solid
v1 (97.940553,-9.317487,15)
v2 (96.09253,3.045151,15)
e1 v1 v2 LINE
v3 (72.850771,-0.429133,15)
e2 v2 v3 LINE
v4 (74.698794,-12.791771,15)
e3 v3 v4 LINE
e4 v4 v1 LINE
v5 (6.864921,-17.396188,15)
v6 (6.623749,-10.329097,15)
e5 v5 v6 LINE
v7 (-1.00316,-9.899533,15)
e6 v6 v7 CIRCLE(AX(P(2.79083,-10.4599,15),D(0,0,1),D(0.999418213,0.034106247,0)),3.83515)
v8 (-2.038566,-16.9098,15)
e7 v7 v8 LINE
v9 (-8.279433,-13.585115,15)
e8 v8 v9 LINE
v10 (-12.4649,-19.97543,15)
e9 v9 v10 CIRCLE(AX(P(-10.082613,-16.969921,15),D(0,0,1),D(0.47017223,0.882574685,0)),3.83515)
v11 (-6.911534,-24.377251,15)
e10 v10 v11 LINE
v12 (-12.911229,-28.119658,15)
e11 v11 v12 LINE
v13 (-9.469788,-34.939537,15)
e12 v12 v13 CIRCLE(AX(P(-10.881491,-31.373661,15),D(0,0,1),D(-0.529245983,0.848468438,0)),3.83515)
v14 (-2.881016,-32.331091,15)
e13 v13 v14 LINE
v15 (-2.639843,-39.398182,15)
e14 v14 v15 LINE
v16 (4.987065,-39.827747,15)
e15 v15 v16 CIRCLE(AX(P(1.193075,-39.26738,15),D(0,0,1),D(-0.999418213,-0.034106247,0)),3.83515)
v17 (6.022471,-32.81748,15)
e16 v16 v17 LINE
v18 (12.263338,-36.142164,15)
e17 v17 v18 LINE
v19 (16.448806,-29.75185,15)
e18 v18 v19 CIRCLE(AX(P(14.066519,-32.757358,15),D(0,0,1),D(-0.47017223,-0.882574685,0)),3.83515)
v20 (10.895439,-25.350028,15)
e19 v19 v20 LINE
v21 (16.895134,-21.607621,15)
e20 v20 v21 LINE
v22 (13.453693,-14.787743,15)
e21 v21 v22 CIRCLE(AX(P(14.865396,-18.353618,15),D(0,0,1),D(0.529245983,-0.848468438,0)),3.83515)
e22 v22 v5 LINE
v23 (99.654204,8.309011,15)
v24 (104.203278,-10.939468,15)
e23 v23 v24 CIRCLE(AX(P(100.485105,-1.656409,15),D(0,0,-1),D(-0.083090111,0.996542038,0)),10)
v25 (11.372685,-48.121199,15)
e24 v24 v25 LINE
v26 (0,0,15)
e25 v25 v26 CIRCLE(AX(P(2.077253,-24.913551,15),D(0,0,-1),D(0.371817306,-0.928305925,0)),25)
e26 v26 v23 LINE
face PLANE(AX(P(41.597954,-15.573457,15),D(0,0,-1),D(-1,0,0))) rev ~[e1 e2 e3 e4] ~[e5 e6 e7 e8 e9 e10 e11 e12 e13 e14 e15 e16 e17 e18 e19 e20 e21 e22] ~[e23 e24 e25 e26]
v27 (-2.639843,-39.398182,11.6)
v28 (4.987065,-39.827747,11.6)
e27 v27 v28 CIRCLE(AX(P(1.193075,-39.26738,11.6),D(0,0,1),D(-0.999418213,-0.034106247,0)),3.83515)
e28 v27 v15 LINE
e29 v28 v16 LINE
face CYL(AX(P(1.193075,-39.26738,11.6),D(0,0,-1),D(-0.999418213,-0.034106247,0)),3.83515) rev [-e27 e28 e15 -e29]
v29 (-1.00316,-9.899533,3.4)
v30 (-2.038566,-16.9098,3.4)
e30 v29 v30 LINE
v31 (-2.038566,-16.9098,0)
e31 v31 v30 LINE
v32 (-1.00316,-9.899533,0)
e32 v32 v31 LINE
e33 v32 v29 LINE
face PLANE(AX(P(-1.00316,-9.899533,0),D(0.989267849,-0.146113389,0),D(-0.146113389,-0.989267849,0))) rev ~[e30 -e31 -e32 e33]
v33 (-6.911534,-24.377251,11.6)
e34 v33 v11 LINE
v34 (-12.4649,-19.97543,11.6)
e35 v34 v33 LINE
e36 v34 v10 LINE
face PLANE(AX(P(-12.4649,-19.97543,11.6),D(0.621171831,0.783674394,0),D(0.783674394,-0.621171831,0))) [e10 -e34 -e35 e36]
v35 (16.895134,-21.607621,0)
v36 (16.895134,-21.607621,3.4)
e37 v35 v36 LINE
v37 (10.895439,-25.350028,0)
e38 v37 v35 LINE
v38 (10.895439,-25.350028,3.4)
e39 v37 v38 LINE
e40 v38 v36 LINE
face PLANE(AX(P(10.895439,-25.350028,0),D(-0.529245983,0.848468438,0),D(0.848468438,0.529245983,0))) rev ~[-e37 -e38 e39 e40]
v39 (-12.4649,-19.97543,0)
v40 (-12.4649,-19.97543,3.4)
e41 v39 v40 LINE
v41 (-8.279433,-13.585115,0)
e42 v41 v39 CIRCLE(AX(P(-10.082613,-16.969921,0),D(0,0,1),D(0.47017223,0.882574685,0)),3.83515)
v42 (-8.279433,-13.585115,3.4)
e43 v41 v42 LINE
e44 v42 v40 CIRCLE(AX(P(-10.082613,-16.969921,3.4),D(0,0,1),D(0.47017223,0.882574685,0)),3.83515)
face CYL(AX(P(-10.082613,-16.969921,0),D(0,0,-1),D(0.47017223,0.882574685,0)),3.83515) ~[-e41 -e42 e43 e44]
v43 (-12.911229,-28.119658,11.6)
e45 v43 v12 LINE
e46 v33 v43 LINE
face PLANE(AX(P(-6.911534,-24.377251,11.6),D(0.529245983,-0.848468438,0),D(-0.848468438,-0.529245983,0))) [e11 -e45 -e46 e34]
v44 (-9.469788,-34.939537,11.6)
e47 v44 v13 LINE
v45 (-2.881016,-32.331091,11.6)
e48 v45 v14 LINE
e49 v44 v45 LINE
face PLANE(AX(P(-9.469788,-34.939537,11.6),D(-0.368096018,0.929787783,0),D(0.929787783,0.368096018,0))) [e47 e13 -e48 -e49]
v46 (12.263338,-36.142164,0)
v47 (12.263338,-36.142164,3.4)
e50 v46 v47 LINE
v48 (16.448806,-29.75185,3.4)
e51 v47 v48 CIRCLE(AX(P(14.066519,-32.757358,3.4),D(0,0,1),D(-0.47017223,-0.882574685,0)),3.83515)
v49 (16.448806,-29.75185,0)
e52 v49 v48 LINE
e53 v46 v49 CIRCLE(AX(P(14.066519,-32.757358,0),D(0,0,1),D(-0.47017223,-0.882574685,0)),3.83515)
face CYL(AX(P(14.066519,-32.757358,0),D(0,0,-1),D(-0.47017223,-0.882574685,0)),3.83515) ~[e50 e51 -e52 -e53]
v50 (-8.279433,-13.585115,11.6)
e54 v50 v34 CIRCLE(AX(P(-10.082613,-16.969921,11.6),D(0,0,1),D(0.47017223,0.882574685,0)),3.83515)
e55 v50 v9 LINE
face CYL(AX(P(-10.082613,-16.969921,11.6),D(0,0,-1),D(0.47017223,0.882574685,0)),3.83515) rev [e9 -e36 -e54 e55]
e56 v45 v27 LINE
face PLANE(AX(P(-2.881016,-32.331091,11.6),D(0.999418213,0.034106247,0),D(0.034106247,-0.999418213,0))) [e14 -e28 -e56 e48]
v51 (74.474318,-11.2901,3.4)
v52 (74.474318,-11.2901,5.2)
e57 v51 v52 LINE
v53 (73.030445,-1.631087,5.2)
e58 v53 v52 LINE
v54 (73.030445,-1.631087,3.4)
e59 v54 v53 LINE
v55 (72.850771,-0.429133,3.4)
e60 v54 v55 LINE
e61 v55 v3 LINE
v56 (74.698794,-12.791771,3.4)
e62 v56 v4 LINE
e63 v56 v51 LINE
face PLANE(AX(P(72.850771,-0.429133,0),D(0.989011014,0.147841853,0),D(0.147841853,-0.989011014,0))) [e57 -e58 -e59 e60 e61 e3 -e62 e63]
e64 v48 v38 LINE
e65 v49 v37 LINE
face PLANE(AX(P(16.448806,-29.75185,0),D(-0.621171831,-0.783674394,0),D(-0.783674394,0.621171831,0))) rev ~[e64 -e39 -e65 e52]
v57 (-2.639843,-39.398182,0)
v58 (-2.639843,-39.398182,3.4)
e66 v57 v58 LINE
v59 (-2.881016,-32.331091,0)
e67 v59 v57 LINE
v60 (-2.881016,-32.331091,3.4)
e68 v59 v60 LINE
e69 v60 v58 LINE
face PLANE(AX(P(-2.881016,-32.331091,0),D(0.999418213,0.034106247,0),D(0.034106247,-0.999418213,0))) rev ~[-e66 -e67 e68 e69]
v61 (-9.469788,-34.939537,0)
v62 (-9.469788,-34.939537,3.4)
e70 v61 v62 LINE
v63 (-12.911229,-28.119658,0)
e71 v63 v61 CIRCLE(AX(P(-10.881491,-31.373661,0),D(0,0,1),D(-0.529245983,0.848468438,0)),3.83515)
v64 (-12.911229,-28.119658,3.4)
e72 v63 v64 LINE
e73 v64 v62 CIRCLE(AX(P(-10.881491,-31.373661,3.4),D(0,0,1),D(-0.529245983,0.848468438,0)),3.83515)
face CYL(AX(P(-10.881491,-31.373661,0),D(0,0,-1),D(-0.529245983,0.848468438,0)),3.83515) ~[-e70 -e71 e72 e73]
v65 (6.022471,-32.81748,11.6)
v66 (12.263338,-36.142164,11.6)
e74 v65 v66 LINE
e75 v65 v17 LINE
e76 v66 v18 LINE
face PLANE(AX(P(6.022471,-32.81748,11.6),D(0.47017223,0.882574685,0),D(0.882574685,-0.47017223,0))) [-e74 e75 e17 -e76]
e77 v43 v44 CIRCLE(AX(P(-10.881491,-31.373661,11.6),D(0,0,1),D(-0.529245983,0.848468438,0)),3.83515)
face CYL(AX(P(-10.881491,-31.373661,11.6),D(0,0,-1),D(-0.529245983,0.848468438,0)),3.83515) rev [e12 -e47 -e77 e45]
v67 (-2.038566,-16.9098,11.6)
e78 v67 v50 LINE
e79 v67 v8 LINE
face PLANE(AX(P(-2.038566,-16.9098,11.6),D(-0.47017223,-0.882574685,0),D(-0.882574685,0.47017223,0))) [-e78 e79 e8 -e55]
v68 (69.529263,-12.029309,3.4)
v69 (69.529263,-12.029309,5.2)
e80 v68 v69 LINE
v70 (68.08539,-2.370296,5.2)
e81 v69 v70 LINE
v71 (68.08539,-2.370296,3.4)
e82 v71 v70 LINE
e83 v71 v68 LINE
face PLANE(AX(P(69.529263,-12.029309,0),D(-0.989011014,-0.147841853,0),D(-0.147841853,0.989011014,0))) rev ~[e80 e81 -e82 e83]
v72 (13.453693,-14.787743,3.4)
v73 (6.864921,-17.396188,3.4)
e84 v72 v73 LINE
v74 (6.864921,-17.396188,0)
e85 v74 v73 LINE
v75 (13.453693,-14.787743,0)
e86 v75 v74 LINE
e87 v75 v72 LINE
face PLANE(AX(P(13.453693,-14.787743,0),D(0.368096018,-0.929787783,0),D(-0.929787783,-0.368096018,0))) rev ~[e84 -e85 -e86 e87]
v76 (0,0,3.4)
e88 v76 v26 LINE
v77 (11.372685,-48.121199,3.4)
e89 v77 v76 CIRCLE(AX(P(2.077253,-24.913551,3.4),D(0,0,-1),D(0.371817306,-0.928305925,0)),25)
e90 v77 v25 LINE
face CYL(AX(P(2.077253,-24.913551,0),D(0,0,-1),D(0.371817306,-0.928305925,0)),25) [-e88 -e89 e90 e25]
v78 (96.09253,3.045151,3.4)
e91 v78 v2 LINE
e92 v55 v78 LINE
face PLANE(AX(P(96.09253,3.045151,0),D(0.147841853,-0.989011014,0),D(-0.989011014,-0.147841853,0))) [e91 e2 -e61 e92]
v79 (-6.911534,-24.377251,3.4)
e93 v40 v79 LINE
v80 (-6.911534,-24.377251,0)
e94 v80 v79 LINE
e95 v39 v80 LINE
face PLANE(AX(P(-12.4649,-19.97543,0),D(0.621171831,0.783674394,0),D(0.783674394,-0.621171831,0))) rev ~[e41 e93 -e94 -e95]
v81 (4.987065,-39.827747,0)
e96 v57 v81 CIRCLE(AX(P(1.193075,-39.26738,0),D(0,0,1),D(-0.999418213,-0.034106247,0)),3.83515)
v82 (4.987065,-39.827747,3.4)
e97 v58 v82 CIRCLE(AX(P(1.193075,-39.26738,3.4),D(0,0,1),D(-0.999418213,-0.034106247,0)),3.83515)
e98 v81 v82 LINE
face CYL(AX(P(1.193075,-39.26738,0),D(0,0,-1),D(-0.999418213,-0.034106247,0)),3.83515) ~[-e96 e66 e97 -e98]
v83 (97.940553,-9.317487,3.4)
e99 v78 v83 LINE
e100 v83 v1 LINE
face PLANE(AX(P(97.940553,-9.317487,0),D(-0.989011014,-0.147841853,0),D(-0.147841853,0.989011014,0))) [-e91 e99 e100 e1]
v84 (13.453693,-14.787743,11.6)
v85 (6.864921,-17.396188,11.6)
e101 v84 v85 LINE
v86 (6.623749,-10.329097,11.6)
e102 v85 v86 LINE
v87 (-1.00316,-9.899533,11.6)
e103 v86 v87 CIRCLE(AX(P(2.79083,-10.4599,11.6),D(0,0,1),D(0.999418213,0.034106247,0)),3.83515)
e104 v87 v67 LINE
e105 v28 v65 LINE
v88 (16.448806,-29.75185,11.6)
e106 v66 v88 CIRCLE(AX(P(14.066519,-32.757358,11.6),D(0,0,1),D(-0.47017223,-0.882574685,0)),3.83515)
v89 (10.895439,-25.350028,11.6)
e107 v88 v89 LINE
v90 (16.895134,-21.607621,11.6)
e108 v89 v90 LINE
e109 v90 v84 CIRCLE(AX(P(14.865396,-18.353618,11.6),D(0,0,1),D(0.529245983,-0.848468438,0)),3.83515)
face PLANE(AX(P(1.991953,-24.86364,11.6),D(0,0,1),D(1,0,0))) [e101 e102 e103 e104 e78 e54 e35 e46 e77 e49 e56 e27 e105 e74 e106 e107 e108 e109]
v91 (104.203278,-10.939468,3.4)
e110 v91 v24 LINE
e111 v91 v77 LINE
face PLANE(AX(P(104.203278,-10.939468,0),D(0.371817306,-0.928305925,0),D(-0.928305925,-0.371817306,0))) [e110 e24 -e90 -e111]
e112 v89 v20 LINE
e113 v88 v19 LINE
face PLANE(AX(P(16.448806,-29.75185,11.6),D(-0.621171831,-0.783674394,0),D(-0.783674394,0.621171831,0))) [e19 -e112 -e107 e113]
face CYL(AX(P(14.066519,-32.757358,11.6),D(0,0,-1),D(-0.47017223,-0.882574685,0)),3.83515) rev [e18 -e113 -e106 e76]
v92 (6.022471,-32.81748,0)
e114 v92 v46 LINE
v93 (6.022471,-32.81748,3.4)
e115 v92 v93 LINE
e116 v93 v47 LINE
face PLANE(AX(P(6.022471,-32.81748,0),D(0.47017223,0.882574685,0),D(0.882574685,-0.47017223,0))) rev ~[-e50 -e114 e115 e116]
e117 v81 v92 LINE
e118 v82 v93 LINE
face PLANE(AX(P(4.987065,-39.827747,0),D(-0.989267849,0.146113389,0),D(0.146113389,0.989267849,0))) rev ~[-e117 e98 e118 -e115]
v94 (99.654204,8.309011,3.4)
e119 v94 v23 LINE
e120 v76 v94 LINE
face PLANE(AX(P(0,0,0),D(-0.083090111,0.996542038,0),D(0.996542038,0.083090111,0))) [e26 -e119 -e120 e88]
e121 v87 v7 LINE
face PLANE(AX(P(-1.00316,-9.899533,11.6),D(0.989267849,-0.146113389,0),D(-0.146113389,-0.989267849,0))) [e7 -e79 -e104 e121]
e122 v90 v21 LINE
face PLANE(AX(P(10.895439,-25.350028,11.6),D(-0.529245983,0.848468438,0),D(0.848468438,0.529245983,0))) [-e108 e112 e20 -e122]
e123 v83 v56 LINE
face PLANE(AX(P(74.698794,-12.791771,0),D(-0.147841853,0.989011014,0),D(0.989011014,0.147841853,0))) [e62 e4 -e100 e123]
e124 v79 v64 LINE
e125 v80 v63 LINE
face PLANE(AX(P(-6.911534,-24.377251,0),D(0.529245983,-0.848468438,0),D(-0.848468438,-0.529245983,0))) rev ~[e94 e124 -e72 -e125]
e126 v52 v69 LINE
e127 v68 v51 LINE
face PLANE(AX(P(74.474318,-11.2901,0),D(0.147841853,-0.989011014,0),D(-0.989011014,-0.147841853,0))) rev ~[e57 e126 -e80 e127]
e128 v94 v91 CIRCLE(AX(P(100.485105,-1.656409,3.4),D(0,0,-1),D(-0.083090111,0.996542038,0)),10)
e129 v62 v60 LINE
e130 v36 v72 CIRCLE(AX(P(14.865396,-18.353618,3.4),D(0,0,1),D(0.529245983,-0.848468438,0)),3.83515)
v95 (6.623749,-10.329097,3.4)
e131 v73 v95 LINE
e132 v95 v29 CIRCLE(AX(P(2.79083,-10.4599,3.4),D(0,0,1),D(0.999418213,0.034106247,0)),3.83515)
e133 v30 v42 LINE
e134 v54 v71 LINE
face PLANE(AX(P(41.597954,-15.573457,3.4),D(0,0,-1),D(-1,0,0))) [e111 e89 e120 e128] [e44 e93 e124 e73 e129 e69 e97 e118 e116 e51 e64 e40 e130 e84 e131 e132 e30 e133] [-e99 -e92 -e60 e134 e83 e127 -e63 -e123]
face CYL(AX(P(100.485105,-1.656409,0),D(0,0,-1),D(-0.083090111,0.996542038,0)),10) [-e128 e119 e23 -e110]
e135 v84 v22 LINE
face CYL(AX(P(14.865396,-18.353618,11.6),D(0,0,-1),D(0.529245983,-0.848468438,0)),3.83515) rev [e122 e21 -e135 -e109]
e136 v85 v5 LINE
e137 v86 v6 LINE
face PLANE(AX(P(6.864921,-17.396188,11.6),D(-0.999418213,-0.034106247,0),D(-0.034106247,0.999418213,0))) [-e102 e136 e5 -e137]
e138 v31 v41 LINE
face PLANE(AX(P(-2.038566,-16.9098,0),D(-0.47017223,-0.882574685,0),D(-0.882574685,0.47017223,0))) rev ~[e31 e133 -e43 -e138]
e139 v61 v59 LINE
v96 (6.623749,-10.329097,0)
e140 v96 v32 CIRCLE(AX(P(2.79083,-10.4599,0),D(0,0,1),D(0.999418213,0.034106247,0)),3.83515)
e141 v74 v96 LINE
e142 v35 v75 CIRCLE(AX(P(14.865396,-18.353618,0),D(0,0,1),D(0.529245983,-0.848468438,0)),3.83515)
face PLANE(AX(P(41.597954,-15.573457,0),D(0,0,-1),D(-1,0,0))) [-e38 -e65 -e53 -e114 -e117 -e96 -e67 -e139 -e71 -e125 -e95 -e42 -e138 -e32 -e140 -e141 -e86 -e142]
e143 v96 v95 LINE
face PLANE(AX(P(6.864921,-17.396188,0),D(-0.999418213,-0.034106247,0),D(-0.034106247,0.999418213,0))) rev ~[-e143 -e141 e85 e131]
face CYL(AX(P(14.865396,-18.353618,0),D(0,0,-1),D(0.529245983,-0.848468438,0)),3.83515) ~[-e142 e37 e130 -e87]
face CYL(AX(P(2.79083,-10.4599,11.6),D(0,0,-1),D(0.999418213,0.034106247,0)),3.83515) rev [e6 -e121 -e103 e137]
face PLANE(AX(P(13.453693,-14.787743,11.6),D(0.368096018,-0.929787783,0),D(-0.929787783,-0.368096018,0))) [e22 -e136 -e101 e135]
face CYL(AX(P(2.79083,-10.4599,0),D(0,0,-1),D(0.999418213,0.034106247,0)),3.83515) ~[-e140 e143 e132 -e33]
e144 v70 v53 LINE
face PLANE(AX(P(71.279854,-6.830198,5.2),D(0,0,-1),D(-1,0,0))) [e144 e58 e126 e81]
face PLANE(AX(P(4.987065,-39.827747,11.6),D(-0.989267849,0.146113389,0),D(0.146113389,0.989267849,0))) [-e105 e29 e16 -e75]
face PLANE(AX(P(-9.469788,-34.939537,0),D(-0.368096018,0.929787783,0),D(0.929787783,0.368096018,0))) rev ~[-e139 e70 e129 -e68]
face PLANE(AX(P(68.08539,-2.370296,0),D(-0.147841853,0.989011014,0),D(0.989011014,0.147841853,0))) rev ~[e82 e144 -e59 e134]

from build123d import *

# Parameters (mm, degrees)
EXTRUDE_5_DEPTH      = 15
CUT_EXTRUDE_8_DEPTH  = 5.2
CUT_EXTRUDE_9_DEPTH  = 15
CUT_EXTRUDE_10_DEPTH = 3.4
CUT_EXTRUDE_START    = -3.4
CUT_EXTRUDE_11_DEPTH = 3.4


with BuildPart() as part:
    # 草图1 → 凸台-拉伸5 (new body)
    with BuildSketch(Plane.XY):
        with BuildLine():
            Line((0, 0), (99.654203795, 8.309011134))
            ThreePointArc((99.654203795, 8.309011134), (110.217015146, 0.643574044), (104.203277967, -10.939468499))
            Line((104.203277967, -10.939468499), (11.372685429, -48.121199083))
            ThreePointArc((11.372685429, -48.121199083), (-22.25252281, -30.663509172), (0, 0))
        make_face()
    extrude(amount=EXTRUDE_5_DEPTH)

    # 草图9 → 切除-拉伸8 (cut)
    with BuildSketch(Plane(origin=(0, 0, 0), x_dir=(-1, 0, 0), z_dir=(0, 0, -1))):
        Polygon((-68.085389778, -2.37029612), (-73.03044485, -1.631086857), (-74.4743179, -11.290099671), (-69.529262828, -12.029308935), align=None)
    extrude(amount=-CUT_EXTRUDE_8_DEPTH, mode=Mode.SUBTRACT)

    # 草图9<5> → 切除-拉伸9 (cut)
    with BuildSketch(Plane(origin=(0, 0, 0), x_dir=(-1, 0, 0), z_dir=(0, 0, -1))):
        Polygon((-96.092530155, 3.045150664), (-72.850771317, -0.429132874), (-74.698794475, -12.791770554), (-97.940553313, -9.317487016), align=None)
    extrude(amount=-CUT_EXTRUDE_9_DEPTH, mode=Mode.SUBTRACT)

    # 草图1<11> → 切除-拉伸10 (cut)
    with BuildSketch(Plane.XY):
        with BuildLine():
            Line((0, 0), (99.654203795, 8.309011134))
            ThreePointArc((99.654203795, 8.309011134), (110.217015146, 0.643574044), (104.203277967, -10.939468499))
            Line((104.203277967, -10.939468499), (11.372685429, -48.121199083))
            ThreePointArc((11.372685429, -48.121199083), (-22.25252281, -30.663509172), (0, 0))
        make_face()
        with BuildLine():
            Line((6.86492087, -17.396188185), (6.623748603, -10.329097007))
            ThreePointArc((6.623748603, -10.329097007), (3.006492414, -6.630818399), (-1.003160039, -9.899532856))
            Line((-1.003160039, -9.899532856), (-2.038566002, -16.909799595))
            Line((-2.038566002, -16.909799595), (-8.279432627, -13.585115317))
            ThreePointArc((-8.279432627, -13.585115317), (-13.290863946, -14.868611764), (-12.464900415, -19.975429877))
            Line((-12.464900415, -19.975429877), (-6.911534313, -24.377251114))
            Line((-6.911534313, -24.377251114), (-12.91122867, -28.119658014))
            ThreePointArc((-12.91122867, -28.119658014), (-14.305403801, -33.101433069), (-9.469787817, -34.939536725))
            Line((-9.469787817, -34.939536725), (-2.881015752, -32.331091223))
            Line((-2.881015752, -32.331091223), (-2.639843484, -39.398182401))
            ThreePointArc((-2.639843484, -39.398182401), (0.977412704, -43.096461009), (4.987065158, -39.827746552))
            Line((4.987065158, -39.827746552), (6.022471121, -32.817479812))
            Line((6.022471121, -32.817479812), (12.263337746, -36.142164091))
            ThreePointArc((12.263337746, -36.142164091), (17.274769065, -34.858667644), (16.448805534, -29.751849531))
            Line((16.448805534, -29.751849531), (10.895439432, -25.350028294))
            Line((10.895439432, -25.350028294), (16.895133789, -21.607621394))
            ThreePointArc((16.895133789, -21.607621394), (18.28930892, -16.625846339), (13.453692935, -14.787742683))
            Line((13.453692935, -14.787742683), (6.86492087, -17.396188185))
        make_face(mode=Mode.SUBTRACT)
    extrude(amount=CUT_EXTRUDE_10_DEPTH, mode=Mode.SUBTRACT)

    # 草图25 → 切除-拉伸11 (cut)
    with BuildSketch(Plane.XY.offset(15).offset(CUT_EXTRUDE_START)):
        with BuildLine():
            Line((-2.038566002, -16.909799595), (-8.279432627, -13.585115317))
            ThreePointArc((-8.279432627, -13.585115317), (-13.290863946, -14.868611764), (-12.464900415, -19.975429877))
            Line((-12.464900415, -19.975429877), (-6.911534313, -24.377251114))
            Line((-6.911534313, -24.377251114), (-12.91122867, -28.119658014))
            ThreePointArc((-12.91122867, -28.119658014), (-14.305403801, -33.101433069), (-9.469787817, -34.939536725))
            Line((-9.469787817, -34.939536725), (-2.881015752, -32.331091223))
            Line((-2.881015752, -32.331091223), (-2.639843484, -39.398182401))
            ThreePointArc((-2.639843484, -39.398182401), (0.977412704, -43.096461009), (4.987065158, -39.827746552))
            Line((4.987065158, -39.827746552), (6.022471121, -32.817479812))
            Line((6.022471121, -32.817479812), (12.263337746, -36.142164091))
            ThreePointArc((12.263337746, -36.142164091), (17.274769065, -34.858667644), (16.448805534, -29.751849531))
            Line((16.448805534, -29.751849531), (10.895439432, -25.350028294))
            Line((10.895439432, -25.350028294), (16.895133789, -21.607621394))
            ThreePointArc((16.895133789, -21.607621394), (18.28930892, -16.625846339), (13.453692935, -14.787742683))
            Line((13.453692935, -14.787742683), (6.86492087, -17.396188185))
            Line((6.86492087, -17.396188185), (6.623748603, -10.329097007))
            ThreePointArc((6.623748603, -10.329097007), (3.006492414, -6.630818399), (-1.003160039, -9.899532856))
            Line((-1.003160039, -9.899532856), (-2.038566002, -16.909799595))
        make_face()
    extrude(amount=CUT_EXTRUDE_11_DEPTH, mode=Mode.SUBTRACT)


solid = part.part
